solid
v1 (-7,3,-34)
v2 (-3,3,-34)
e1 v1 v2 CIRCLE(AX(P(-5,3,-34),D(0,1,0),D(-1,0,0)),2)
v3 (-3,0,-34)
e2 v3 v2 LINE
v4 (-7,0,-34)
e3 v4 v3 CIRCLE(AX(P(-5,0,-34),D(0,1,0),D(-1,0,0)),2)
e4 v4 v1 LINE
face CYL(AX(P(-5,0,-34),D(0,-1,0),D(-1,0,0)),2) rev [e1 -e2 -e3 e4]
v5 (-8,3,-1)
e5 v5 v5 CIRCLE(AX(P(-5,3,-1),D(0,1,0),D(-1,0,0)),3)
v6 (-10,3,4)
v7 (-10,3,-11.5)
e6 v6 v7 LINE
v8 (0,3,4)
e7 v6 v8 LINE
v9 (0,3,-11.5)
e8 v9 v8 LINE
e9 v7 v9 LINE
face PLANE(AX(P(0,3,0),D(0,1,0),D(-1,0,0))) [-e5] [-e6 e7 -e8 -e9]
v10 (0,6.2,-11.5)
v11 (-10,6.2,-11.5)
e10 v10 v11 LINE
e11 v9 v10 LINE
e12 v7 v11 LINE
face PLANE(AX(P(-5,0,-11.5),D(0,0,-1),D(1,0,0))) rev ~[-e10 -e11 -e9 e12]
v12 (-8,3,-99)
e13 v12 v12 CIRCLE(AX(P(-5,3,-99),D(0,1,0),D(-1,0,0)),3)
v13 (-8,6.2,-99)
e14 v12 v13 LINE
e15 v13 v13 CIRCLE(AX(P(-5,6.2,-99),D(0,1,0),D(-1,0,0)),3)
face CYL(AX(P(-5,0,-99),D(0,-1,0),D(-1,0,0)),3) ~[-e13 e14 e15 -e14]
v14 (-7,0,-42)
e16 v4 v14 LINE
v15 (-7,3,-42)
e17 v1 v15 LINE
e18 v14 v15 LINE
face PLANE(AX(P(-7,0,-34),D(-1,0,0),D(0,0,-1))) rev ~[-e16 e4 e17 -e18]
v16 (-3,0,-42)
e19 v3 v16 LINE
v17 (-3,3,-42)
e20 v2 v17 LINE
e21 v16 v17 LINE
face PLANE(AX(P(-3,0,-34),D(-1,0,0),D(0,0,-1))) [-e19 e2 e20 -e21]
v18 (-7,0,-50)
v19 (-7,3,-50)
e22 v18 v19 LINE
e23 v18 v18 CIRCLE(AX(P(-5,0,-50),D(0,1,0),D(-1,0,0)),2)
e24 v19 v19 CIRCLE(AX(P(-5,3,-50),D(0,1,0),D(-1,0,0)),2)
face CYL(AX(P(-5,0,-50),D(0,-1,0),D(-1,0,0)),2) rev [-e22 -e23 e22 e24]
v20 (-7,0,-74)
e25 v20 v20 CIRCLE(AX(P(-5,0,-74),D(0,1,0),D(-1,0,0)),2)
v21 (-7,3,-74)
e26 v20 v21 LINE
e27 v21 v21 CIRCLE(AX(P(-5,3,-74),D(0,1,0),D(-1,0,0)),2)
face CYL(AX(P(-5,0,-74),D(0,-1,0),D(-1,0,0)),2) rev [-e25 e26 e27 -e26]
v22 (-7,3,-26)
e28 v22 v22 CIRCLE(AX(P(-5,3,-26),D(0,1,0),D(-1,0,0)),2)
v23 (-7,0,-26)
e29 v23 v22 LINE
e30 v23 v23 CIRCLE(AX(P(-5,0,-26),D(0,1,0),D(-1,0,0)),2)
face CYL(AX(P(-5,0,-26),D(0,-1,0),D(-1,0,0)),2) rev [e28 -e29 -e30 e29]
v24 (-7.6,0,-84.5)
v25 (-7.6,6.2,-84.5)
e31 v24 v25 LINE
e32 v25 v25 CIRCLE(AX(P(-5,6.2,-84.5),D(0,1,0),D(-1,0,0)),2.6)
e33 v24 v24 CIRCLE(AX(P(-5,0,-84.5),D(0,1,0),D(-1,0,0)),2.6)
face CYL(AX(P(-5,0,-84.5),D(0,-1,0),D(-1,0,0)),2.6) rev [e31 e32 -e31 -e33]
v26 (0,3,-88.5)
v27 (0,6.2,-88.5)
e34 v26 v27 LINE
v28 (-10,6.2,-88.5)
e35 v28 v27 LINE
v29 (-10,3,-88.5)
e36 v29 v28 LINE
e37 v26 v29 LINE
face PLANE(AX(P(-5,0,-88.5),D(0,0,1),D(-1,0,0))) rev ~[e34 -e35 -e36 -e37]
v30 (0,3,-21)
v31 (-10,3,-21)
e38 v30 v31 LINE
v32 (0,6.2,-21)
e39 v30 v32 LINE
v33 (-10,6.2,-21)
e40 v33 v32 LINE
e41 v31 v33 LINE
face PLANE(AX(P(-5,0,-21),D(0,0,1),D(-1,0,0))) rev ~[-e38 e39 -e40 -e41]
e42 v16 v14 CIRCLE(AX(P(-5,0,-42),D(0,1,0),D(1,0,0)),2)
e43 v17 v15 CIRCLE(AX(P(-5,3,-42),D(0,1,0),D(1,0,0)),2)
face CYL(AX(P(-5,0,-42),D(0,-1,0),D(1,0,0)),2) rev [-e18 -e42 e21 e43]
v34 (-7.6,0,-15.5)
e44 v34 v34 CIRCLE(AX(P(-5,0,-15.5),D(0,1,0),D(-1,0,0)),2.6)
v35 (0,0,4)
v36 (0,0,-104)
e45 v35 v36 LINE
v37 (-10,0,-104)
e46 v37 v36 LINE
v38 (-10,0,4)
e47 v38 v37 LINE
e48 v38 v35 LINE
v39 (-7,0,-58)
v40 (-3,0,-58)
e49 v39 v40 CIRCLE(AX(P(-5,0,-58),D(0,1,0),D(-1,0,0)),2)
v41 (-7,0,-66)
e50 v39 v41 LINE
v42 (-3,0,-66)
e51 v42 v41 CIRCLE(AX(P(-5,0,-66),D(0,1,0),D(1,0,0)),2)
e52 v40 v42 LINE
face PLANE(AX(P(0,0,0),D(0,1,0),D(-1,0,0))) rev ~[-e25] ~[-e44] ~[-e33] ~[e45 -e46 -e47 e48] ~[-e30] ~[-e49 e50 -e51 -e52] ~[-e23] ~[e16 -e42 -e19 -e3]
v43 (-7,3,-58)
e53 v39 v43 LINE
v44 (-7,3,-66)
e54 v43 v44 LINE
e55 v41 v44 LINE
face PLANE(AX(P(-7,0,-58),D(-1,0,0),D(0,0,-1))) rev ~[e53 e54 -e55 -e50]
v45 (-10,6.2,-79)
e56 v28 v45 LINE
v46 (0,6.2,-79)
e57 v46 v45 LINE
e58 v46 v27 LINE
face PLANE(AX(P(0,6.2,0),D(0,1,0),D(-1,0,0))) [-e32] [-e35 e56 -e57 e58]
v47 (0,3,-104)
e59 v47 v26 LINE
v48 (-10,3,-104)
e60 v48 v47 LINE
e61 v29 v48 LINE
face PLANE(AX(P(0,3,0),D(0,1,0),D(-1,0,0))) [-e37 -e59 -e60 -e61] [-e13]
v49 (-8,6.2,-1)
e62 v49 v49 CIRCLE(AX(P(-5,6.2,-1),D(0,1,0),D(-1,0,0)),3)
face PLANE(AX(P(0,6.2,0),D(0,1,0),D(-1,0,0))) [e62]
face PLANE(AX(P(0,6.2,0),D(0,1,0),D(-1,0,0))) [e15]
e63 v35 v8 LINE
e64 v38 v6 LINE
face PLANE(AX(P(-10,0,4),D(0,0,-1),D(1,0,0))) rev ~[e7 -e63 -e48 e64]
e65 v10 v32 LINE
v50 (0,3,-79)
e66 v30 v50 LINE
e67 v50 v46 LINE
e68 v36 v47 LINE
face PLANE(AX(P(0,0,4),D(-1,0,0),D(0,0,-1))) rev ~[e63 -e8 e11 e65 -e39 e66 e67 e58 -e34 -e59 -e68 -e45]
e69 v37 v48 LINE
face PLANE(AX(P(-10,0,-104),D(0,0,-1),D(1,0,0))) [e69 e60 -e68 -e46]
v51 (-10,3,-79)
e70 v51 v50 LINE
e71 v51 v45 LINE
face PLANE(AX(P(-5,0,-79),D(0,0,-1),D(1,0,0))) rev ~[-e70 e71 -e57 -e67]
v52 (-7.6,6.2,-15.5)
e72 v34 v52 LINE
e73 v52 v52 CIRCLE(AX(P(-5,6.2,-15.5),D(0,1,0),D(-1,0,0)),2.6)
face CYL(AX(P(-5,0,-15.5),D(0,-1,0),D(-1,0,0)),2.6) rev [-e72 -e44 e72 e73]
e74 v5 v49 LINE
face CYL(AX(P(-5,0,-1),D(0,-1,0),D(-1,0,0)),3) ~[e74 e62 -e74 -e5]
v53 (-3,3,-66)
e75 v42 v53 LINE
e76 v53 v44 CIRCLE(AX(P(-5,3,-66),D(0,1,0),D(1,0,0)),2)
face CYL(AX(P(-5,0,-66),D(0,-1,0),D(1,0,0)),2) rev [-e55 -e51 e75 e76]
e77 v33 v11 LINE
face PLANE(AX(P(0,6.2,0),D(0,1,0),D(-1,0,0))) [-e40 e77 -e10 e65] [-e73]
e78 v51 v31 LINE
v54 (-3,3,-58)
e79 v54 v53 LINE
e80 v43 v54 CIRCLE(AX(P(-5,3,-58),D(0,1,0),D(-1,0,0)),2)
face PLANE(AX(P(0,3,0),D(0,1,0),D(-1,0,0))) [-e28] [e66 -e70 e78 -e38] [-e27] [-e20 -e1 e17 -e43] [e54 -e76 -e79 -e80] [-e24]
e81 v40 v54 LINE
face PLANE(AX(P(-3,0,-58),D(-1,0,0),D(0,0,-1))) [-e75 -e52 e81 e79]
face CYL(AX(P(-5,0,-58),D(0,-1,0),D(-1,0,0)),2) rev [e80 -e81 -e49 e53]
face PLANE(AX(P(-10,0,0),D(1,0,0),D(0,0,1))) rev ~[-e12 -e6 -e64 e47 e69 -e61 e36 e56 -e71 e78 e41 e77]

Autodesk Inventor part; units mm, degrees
ref_plane "YZ Plane" through (0, 0, 0) normal (1, 0, 0) x (0, 1, 0)
ref_plane "XZ Plane" through (0, 0, 0) normal (0, 1, 0) x (-1, 0, 0)
ref_plane "XY Plane" through (0, 0, 0) normal (0, 0, 1) x (1, 0, 0)
sketch "Sketch1" plane through (0, 0, 0) normal (0, 1, 0) x (-1, 0, 0)
  line L0 (0, 0) -> (0, -100)
  line L1 (10, -100) -> (10, 0)
  circle A0 centre (5, -84.5) radius 2.6
  circle A1 centre (5, -15.5) radius 2.6
  circle A2 centre (5, -1) radius 3
  line L2 (10, 0) -> (10, 4)
  line L3 (10, 4) -> (0, 4)
  line L4 (0, 4) -> (0, 0)
  line L5 (10, -100) -> (10, -104)
  line L6 (10, -104) -> (0, -104)
  line L7 (0, -104) -> (0, -100)
  circle A3 centre (5, -99) radius 3
  circle A4 centre (5, -26) radius 2
  arc A5 (7, -34) -> (3, -34) centre (5, -34) ccw
  arc A6 (3, -42) -> (7, -42) centre (5, -42) ccw
  circle A7 centre (5, -50) radius 2
  arc A8 (7, -58) -> (3, -58) centre (5, -58) ccw
  arc A9 (3, -66) -> (7, -66) centre (5, -66) ccw
  circle A10 centre (5, -74) radius 2
  line L8 (7, -34) -> (7, -42)
  line L9 (3, -34) -> (3, -42)
  line L10 (7, -58) -> (7, -66)
  line L11 (3, -58) -> (3, -66)
  line L12 (5, -21) -> (10, -21)
  line L13 (5, -21) -> (0, -21)
  line L14 (5, -11.5) -> (10, -11.5)
  line L15 (5, -11.5) -> (0, -11.5)
  line L16 (5, -79) -> (10, -79)
  line L17 (5, -79) -> (0, -79)
  line L18 (5, -88.5) -> (10, -88.5)
  line L19 (5, -88.5) -> (0, -88.5)
  dimension "d0" = 100
  dimension "d1" = 10
  dimension "d4" = 5.2
  dimension "d7" = 5.2
  dimension "d9" = 6
  dimension "d10" = 4
  dimension "d11" = 4
  dimension "d13" = 6
  dimension "d20" = 4
  dimension "d21" = 4
  dimension "d22" = 4
  dimension "d23" = 4
  dimension "d24" = 4
  dimension "d25" = 4
  dimension "d26" = 4
  dimension "d27" = 5.5
  dimension "d28" = 4
  dimension "d29" = 5.5
  dimension "d30" = 4
extrude "Extrusion1" add sketch "Sketch1" along normal blind 3 contours L4 L3 L2 L1 L14 L15 L0 | L13 L12 L1 L16 L17 L0 | L19 L18 L1 L5 L6 L7 L0
extrude "Extrusion2" add sketch "Sketch1" along normal blind 6.2 contours L15 L14 L1 L12 L13 L0 | L17 L16 L1 L18 L19 L0 | A2 | A3
properties part number "roller_holder_2"
